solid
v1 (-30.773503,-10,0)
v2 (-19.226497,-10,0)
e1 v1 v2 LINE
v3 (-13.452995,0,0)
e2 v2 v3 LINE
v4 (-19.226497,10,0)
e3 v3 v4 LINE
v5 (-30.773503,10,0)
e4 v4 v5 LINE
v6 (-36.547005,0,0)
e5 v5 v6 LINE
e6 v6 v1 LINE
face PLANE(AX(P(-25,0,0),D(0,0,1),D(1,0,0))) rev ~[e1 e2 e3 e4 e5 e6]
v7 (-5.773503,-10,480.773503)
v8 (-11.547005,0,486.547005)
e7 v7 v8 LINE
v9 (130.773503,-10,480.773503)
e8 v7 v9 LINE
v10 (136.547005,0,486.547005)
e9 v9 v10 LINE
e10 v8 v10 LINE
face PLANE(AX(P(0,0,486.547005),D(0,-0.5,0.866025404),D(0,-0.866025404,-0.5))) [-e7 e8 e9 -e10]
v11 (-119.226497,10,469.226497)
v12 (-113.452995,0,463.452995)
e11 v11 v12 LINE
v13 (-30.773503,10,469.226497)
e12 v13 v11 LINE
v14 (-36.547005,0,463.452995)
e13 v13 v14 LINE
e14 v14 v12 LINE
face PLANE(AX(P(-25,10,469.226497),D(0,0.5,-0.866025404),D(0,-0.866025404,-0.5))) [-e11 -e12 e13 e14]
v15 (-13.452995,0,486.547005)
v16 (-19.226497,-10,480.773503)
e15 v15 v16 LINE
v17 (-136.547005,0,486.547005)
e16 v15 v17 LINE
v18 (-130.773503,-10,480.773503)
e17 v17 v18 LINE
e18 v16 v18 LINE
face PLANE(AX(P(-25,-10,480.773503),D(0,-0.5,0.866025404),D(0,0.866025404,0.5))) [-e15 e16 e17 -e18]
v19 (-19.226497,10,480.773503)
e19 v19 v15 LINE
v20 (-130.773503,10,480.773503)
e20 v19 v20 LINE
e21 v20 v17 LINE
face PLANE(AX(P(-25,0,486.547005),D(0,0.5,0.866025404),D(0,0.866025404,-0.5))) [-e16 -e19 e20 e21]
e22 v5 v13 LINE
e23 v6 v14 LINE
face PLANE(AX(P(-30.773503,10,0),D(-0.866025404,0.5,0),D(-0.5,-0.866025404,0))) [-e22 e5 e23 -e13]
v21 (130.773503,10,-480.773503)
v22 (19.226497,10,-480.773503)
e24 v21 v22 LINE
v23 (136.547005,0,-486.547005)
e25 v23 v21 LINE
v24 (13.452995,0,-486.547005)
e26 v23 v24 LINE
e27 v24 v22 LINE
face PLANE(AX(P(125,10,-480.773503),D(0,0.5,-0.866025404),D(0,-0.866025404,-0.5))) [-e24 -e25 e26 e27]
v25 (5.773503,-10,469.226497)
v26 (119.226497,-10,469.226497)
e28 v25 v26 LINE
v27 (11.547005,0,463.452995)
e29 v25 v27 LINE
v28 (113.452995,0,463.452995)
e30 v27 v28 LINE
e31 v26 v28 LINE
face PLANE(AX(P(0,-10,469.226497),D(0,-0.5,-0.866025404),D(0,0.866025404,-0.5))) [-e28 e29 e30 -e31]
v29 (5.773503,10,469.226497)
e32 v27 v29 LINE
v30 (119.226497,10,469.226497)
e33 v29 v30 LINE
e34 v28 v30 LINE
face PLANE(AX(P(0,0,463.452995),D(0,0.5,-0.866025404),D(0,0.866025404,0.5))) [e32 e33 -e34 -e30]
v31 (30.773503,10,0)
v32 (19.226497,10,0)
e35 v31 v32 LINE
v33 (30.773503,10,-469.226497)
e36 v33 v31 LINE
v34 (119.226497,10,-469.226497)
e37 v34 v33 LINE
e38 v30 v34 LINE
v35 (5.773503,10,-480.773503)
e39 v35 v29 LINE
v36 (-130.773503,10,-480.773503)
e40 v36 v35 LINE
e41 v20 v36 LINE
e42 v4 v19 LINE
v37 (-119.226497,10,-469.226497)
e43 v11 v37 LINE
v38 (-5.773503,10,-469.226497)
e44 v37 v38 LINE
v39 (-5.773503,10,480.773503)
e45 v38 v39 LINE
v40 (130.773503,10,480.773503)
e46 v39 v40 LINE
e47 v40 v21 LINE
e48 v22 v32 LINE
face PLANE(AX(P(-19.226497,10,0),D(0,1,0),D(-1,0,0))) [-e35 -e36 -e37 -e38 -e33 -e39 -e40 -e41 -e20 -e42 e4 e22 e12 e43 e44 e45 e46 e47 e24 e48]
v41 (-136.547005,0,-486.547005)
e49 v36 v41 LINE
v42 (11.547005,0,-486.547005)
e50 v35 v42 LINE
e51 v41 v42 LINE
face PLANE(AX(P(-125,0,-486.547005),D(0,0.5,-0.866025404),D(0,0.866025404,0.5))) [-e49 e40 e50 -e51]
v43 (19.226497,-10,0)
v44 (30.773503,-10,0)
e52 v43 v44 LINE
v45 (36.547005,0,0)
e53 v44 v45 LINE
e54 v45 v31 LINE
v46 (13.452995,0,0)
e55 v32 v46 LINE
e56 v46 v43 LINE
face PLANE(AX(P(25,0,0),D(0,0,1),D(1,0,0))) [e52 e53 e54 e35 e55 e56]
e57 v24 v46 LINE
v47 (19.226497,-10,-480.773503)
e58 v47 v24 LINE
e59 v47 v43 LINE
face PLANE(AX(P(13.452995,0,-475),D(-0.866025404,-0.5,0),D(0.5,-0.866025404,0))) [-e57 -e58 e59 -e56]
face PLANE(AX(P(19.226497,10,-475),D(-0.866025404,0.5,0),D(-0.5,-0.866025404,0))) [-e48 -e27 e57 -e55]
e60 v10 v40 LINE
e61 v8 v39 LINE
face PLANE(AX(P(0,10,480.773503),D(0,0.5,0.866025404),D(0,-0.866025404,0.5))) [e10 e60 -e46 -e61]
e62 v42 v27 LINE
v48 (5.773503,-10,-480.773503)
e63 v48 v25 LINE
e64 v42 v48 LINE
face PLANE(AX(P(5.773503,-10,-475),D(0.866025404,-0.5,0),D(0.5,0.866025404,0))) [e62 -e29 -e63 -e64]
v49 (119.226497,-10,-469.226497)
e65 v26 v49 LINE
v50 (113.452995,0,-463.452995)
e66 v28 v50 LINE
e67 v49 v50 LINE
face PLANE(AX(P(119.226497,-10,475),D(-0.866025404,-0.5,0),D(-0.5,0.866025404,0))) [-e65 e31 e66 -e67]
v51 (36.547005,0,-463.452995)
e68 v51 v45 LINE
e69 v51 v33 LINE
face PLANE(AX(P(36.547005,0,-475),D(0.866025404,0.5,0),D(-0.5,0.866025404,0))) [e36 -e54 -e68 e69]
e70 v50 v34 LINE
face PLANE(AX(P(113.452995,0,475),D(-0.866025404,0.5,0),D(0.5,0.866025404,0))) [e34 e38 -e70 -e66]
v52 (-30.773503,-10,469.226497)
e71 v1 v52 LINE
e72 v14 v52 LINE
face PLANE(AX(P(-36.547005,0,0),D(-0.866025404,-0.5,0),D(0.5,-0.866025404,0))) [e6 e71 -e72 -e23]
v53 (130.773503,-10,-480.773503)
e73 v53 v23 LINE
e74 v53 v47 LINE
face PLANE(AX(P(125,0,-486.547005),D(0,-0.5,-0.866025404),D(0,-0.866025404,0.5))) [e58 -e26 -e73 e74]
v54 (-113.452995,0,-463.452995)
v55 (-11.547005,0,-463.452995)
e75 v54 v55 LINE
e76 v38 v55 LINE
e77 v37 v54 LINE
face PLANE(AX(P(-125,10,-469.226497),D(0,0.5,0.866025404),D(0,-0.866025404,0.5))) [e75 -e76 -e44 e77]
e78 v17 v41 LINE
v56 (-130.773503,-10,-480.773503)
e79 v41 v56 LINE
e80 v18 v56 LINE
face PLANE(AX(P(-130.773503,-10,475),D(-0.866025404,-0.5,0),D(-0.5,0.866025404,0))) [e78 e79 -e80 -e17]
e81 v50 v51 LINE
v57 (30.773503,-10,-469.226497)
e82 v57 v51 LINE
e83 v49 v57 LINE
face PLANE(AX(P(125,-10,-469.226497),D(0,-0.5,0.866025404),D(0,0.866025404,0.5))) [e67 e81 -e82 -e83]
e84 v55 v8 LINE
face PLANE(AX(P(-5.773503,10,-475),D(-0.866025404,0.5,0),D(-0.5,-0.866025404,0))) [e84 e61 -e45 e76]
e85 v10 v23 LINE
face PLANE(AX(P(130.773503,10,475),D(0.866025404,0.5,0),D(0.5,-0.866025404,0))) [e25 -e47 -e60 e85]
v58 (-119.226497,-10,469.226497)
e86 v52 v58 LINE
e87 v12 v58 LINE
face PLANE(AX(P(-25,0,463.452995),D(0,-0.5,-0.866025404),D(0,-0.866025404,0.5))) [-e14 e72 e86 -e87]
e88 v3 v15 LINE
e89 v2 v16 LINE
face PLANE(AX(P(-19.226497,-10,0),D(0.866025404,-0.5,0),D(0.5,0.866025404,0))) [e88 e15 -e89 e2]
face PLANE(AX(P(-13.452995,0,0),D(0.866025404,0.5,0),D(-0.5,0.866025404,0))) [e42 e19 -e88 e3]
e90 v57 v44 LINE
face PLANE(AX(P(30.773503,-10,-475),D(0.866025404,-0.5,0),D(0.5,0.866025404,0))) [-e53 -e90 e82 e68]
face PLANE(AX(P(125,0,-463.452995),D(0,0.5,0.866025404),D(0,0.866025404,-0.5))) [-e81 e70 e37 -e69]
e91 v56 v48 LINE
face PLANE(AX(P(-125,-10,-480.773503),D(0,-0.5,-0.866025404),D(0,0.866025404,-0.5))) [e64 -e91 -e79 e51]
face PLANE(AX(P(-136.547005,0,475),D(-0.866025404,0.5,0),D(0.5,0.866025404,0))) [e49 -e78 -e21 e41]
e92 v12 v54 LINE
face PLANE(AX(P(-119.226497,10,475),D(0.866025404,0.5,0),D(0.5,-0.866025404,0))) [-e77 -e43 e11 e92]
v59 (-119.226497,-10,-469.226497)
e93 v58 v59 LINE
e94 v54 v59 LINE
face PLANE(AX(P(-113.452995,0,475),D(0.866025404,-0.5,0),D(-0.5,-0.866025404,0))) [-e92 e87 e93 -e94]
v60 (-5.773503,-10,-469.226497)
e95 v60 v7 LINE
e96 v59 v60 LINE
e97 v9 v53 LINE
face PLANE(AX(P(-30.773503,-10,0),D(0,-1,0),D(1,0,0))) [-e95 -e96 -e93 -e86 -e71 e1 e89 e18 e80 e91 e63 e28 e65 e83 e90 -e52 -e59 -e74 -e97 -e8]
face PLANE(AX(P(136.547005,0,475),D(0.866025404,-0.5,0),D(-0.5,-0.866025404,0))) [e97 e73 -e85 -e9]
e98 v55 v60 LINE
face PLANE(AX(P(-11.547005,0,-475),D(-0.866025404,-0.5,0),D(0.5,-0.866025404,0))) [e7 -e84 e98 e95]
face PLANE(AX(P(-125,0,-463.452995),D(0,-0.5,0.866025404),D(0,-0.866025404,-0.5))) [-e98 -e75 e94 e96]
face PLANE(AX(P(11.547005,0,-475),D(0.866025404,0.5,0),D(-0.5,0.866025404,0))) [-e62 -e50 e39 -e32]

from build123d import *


with BuildPart() as part:
    # Sweep2: sweep along a path in Sketch2
    with BuildLine(Plane(origin=(0, 0, 0), x_dir=(1, 0, 0), z_dir=(0, 1, 0))) as sweep2_path:
        Line((-25, 0), (-25, -475))
        Line((-25, -475), (-125, -475))
        Line((-125, -475), (-125, 475))
        Line((-125, 475), (0, 475))
        Line((0, 475), (0, -475))
        Line((0, -475), (125, -475))
        Line((125, -475), (125, 475))
        Line((125, 475), (25, 475))
        Line((25, 475), (25, 0))
    # Sketch3 → Sweep2 (sweep)
    with BuildSketch(Plane.XY):
        Polygon((36.547005384, 0), (30.773502692, 10), (19.226497308, 10), (13.452994616, 0), (19.226497308, -10), (30.773502692, -10), align=None)
    sweep(path=sweep2_path.line, transition=Transition.RIGHT)


solid = part.part
